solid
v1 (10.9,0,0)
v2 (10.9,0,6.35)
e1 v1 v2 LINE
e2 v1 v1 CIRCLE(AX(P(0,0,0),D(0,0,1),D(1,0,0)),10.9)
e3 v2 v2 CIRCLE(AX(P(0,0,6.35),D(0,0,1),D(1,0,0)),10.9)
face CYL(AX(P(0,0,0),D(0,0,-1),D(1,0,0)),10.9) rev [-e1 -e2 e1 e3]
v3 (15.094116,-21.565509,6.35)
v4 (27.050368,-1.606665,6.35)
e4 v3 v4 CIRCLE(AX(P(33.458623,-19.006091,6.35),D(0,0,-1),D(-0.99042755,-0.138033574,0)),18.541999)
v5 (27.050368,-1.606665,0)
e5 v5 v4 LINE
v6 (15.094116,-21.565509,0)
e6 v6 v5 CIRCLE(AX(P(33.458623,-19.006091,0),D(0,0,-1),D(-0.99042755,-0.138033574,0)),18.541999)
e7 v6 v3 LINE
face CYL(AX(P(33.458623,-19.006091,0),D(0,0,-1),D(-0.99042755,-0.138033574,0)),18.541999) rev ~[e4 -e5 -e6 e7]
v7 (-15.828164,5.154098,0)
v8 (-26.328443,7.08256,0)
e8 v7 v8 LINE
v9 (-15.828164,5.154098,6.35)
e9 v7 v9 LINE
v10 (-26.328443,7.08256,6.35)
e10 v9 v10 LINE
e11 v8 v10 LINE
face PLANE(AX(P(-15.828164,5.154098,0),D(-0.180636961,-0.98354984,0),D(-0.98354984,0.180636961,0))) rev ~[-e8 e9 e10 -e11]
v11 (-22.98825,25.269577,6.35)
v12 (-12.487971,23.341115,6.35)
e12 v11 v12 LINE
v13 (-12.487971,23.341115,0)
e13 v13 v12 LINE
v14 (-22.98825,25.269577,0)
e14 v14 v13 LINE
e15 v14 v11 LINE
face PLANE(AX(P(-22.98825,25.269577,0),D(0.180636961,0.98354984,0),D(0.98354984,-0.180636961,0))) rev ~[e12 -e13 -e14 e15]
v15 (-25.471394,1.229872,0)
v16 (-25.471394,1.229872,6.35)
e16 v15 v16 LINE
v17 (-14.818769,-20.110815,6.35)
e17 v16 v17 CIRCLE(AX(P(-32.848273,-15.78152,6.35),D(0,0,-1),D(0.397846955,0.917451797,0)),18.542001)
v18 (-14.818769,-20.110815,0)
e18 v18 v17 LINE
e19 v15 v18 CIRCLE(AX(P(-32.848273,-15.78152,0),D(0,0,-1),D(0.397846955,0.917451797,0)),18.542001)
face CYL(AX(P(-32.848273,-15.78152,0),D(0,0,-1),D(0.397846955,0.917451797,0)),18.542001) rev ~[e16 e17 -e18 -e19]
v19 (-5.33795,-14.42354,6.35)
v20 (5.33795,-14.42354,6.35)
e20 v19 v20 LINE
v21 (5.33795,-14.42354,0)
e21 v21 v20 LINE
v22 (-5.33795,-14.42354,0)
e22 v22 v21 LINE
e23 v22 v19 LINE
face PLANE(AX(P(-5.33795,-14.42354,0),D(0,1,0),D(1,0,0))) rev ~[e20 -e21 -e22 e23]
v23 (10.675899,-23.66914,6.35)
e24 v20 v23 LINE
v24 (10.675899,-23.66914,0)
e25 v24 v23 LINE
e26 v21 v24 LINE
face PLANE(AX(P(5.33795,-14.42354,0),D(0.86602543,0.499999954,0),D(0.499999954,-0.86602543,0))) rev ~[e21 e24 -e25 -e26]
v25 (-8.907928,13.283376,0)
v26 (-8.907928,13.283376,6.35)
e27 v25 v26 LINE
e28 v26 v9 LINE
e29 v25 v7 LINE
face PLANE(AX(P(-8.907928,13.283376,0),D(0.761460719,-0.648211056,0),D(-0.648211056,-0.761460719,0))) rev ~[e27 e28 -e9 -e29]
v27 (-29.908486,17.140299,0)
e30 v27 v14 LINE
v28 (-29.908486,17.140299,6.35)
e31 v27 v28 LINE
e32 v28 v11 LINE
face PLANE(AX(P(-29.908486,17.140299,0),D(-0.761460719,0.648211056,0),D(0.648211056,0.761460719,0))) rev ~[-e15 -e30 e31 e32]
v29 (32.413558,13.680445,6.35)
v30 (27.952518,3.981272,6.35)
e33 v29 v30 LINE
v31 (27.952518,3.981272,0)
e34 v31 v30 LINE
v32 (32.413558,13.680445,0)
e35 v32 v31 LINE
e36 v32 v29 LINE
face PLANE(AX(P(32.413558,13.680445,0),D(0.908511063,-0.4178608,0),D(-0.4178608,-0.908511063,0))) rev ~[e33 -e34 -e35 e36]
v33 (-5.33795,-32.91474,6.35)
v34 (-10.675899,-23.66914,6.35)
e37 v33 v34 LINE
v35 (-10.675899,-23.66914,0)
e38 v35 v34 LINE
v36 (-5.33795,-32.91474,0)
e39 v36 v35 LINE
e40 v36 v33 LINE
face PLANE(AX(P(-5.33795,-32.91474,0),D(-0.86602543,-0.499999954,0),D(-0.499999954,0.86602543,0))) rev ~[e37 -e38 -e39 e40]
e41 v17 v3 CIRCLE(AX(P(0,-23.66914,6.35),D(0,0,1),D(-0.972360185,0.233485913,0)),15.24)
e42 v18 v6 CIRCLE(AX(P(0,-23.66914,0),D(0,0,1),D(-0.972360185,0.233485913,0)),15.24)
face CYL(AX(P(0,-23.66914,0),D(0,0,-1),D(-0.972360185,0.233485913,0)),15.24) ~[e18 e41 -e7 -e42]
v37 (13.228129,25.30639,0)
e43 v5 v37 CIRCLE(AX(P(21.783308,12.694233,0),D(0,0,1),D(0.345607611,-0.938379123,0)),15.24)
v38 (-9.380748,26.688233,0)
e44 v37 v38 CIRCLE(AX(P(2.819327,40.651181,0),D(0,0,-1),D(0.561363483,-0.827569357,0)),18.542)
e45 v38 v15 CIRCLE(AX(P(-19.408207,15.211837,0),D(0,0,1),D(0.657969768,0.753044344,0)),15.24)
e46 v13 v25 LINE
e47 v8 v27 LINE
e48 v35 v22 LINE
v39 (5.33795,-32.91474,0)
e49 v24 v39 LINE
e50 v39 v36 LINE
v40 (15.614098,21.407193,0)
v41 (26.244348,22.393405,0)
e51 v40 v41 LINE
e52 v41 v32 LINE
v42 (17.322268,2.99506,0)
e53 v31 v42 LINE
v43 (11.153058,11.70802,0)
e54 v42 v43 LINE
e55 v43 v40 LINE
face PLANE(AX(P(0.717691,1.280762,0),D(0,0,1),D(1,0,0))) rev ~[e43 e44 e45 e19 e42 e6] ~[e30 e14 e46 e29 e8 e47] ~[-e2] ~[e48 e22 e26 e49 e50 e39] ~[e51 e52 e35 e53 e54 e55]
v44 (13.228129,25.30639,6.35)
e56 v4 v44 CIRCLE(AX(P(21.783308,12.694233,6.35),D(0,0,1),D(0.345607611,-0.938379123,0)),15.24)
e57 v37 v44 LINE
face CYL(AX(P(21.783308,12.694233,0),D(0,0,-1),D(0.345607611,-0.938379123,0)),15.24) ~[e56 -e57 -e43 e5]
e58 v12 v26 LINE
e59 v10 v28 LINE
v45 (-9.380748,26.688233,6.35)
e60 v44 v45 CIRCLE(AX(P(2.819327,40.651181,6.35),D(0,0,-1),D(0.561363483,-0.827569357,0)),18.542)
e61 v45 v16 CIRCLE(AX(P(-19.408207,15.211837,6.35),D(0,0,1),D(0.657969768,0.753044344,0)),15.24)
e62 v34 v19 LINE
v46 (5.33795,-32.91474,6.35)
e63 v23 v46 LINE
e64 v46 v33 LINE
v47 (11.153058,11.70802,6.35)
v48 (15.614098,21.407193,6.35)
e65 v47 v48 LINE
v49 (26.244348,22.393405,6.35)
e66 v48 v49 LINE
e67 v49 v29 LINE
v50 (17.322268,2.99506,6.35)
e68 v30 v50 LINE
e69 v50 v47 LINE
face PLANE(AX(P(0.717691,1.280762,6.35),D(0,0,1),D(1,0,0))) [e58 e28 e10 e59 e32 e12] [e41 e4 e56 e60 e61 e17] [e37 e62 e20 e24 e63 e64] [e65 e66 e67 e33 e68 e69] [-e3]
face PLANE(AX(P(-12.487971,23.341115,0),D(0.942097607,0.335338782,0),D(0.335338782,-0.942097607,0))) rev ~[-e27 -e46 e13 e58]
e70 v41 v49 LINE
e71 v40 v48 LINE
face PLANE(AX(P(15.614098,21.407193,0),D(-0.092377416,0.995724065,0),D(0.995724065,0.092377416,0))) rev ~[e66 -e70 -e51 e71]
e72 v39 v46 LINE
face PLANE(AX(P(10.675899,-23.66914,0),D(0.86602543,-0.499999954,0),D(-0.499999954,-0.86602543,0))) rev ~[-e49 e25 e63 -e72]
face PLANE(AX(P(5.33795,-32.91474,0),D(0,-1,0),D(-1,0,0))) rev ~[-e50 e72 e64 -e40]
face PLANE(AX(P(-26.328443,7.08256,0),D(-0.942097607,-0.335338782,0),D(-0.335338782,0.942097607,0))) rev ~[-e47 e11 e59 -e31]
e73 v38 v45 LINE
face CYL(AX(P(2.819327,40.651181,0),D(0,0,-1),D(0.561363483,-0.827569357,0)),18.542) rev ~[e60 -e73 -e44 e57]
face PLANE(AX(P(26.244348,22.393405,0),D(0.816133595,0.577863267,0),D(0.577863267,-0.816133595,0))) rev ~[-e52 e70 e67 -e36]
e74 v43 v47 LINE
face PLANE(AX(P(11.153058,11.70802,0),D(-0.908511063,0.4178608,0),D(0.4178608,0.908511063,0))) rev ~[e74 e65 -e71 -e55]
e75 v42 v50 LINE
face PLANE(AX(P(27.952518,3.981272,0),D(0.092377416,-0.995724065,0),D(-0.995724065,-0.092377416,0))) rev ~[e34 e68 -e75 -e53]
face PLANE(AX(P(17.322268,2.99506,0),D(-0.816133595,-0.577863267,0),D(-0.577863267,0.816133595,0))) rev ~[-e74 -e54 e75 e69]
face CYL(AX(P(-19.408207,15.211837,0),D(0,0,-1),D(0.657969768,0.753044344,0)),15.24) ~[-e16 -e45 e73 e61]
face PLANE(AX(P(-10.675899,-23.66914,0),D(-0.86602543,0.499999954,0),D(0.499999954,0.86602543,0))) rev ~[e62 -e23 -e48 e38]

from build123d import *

# Parameters (mm, degrees)
F0_R     = 10.9
F1_DEPTH = 6.35


with BuildPart() as f1:
    # F0 (on Top) → F1 (new body)
    with BuildSketch(Plane.XY):
        with BuildLine():
            ThreePointArc((13.228129, 25.30639), (1.688161, 22.143717), (-9.380748, 26.688233))
            ThreePointArc((-9.380748, 26.688233), (-32.290788, 23.354116), (-25.471394, 1.229872))
            ThreePointArc((-25.471394, 1.229872), (-16.258297, -7.500306), (-14.818769, -20.110815))
            ThreePointArc((-14.818769, -20.110815), (-0.740262, -38.891151), (15.094116, -21.565509))
            ThreePointArc((15.094116, -21.565509), (17.552294, -9.477479), (27.050368, -1.606665))
            ThreePointArc((27.050368, -1.606665), (35.339896, 19.656741), (13.228129, 25.30639))
        make_face()
        Polygon((10.675899, -23.66914), (5.33795, -32.91474), (-5.33795, -32.91474), (-10.675899, -23.66914), (-5.33795, -14.42354), (5.33795, -14.42354), align=None, mode=Mode.SUBTRACT)
        Circle(F0_R, mode=Mode.SUBTRACT)
        Polygon((-12.487971, 23.341115), (-8.907928, 13.283376), (-15.828164, 5.154098), (-26.328443, 7.08256), (-29.908486, 17.140299), (-22.98825, 25.269577), align=None, mode=Mode.SUBTRACT)
        Polygon((26.244348, 22.393405), (32.413558, 13.680445), (27.952518, 3.981272), (17.322268, 2.99506), (11.153058, 11.70802), (15.614098, 21.407193), align=None, mode=Mode.SUBTRACT)
    extrude(amount=F1_DEPTH)


solid = f1.part
